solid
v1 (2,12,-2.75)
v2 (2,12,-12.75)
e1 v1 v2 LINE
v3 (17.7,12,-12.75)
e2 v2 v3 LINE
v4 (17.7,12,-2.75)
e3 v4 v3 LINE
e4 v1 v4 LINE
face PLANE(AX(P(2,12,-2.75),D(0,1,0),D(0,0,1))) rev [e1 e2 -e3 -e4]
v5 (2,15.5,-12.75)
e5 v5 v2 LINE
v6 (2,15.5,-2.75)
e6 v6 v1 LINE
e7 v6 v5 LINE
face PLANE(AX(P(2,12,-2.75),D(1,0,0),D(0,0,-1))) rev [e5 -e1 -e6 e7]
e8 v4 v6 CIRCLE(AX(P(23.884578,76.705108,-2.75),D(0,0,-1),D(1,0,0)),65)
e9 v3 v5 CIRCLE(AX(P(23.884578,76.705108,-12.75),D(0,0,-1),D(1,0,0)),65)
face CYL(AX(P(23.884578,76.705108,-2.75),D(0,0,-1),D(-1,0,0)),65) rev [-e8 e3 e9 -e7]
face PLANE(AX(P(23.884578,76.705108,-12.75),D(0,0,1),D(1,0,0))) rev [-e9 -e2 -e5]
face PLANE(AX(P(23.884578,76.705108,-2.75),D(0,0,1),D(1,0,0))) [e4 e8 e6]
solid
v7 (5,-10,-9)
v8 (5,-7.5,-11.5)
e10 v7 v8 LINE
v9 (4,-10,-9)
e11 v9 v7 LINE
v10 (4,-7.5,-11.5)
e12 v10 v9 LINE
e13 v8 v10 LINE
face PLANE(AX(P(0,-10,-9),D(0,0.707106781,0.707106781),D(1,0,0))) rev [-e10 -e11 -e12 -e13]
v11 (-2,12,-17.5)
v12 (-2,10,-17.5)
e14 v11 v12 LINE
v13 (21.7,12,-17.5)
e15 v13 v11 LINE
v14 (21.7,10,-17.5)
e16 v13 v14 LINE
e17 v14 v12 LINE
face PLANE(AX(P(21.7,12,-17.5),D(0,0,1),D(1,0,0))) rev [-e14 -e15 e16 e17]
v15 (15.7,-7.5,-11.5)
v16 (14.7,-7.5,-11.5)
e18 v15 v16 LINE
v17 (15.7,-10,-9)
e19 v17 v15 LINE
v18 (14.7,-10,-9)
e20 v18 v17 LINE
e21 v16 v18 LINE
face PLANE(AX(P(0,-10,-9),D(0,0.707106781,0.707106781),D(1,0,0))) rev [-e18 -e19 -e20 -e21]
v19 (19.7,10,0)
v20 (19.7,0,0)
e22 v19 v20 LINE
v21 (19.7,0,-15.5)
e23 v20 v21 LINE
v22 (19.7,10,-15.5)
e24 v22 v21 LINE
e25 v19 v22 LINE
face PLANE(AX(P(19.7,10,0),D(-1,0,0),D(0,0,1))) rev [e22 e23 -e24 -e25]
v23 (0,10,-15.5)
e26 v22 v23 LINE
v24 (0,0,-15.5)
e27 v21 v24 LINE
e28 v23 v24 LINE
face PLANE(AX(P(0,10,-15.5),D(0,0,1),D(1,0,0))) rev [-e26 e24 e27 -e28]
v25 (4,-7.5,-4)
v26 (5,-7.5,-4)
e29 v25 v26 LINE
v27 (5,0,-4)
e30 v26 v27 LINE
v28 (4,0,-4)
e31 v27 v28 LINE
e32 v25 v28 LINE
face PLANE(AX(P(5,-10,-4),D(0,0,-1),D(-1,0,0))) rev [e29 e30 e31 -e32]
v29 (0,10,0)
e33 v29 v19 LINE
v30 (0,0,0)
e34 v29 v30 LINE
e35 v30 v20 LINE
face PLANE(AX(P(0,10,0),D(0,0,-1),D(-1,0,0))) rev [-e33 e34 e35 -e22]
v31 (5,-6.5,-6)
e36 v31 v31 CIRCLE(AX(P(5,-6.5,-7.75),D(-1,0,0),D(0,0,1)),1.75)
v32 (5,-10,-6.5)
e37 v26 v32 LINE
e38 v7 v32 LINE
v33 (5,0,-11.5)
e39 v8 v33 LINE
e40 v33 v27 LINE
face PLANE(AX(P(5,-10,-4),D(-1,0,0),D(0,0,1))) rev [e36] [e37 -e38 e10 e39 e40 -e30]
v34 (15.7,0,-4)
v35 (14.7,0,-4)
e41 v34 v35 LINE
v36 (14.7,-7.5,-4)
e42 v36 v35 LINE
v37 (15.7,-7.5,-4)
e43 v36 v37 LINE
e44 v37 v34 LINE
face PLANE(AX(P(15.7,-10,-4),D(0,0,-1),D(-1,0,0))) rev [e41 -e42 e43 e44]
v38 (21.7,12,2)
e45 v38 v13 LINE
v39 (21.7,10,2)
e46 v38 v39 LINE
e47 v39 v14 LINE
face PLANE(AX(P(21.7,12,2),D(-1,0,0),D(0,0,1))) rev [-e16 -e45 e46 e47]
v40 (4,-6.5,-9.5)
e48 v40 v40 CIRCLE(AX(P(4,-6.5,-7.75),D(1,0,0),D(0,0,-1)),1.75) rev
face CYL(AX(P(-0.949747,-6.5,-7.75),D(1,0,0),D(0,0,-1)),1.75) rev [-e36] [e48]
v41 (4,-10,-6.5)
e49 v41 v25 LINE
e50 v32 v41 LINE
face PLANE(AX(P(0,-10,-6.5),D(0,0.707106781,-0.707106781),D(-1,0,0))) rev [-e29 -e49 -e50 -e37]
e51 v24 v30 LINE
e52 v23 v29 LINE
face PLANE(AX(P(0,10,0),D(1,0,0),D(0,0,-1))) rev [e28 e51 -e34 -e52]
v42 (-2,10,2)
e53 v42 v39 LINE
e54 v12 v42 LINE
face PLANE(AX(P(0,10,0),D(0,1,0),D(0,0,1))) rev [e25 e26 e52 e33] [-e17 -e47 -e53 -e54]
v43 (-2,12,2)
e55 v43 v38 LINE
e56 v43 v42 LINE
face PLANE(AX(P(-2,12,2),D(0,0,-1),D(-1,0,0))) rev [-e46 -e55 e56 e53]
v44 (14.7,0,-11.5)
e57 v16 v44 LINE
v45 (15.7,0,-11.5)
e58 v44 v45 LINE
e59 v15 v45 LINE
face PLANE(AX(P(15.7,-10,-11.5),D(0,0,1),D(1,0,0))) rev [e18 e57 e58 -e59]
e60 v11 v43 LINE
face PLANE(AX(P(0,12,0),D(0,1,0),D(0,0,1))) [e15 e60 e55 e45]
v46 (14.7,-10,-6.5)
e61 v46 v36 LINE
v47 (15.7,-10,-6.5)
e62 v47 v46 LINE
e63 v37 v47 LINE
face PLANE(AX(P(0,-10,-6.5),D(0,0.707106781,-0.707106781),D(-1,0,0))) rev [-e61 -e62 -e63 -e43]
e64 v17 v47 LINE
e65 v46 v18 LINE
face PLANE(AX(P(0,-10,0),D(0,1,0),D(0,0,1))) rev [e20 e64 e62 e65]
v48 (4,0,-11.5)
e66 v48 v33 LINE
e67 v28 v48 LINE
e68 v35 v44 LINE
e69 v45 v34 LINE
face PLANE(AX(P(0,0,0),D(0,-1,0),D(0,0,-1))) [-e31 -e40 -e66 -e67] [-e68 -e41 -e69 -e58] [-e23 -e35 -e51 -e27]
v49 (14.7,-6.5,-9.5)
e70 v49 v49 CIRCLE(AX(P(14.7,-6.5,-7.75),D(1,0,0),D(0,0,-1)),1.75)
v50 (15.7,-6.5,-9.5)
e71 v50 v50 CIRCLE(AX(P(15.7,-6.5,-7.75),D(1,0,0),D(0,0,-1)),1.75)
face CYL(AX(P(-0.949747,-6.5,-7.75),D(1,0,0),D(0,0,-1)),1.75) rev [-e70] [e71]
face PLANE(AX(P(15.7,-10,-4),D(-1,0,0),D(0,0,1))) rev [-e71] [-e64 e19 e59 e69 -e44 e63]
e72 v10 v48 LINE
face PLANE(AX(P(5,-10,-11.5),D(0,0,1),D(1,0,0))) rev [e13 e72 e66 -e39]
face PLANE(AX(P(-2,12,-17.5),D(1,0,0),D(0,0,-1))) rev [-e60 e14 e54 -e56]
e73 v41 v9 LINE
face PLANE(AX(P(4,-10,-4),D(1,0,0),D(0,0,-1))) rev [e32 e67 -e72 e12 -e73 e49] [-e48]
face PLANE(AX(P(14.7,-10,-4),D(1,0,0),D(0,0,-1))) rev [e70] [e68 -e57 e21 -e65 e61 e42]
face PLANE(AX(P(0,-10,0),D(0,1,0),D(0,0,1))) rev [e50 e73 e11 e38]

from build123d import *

# Parameters (mm, degrees)
CROQUIS1_W              = 19.7
CROQUIS1_H              = 15.5
SALIENTE_EXTRUIR1_DEPTH = 10
CROQUIS2_W              = 23.7
CROQUIS2_H              = 19.5
SALIENTE_EXTRUIR2_DEPTH = 2
SALIENTE_EXTRUIR3_DEPTH = 5
CROQUIS4_W              = 1
CROQUIS4_H              = 7.5
SALIENTE_EXTRUIR4_DEPTH = 10
CHAFL_N1_SIZE           = 2.5
CORTAR_EXTRUIR1_REACH   = 31.322
CROQUIS5_R              = 1.75


with BuildPart() as part:
    # Croquis1 → Saliente-Extruir1 (new body)
    with BuildSketch(Plane(origin=(0, 0, 0), x_dir=(1, 0, 0), z_dir=(0, 1, 0))):
        with Locations((9.85, 7.75)):
            Rectangle(CROQUIS1_W, CROQUIS1_H)
    extrude(amount=SALIENTE_EXTRUIR1_DEPTH)

    # Croquis2 → Saliente-Extruir2 (add)
    with BuildSketch(Plane(origin=(0, 10, 0), x_dir=(1, 0, 0), z_dir=(0, 1, 0))):
        with Locations((9.85, 7.75)):
            Rectangle(CROQUIS2_W, CROQUIS2_H)
    extrude(amount=SALIENTE_EXTRUIR2_DEPTH)

    # Croquis4 → Saliente-Extruir4 (add)
    with BuildSketch(Plane.XZ):
        with Locations((15.2, -7.75)):
            Rectangle(CROQUIS4_W, CROQUIS4_H)
        with Locations((4.5, -7.75)):
            Rectangle(CROQUIS4_W, CROQUIS4_H)
    extrude(amount=SALIENTE_EXTRUIR4_DEPTH)

    # Chaflán1
    chafl_n1_edges = [part.edges().sort_by_distance(p)[0] for p in [
        (15.2, -10, -11.5),
        (15.2, -10, -4),
        (4.5, -10, -11.5),
        (4.5, -10, -4),
    ]]
    chamfer(chafl_n1_edges, length=CHAFL_N1_SIZE)

    # Cortar-Extruir1: up to this face of the body (flat: up to its plane)
    cortar_extruir1_end = Plane(part.part.faces().sort_by_distance((4, -4.621212121, -7.75))[0])
    # Croquis5 → Cortar-Extruir1 (cut, up to the picked face)
    with BuildSketch(Plane(origin=(15.7, 0, 0), x_dir=(0, 0, -1), z_dir=(1, 0, 0)), mode=Mode.PRIVATE) as cortar_extruir1_sk1:
        with Locations((7.75, -6.5)):
            Circle(CROQUIS5_R)
    cortar_extruir1_tool1 = split(extrude(cortar_extruir1_sk1.sketch, amount=-CORTAR_EXTRUIR1_REACH, mode=Mode.PRIVATE), bisect_by=cortar_extruir1_end, keep=Keep.BOTH, mode=Mode.PRIVATE)
    add(cortar_extruir1_tool1.solids().sort_by(Axis((15.7, -6.5, -7.75), (-1, 0, 0)))[0], mode=Mode.SUBTRACT)


with BuildPart() as body_2:
    # Croquis3 → Saliente-Extruir3 (new, symmetric)
    with BuildSketch(Plane.XY.offset(-7.75)):
        with BuildLine():
            Line((2, 12), (2, 15.5))
            ThreePointArc((2, 15.5), (9.741315307, 13.262471521), (17.7, 12))
            Line((17.7, 12), (2, 12))
        make_face()
    extrude(amount=SALIENTE_EXTRUIR3_DEPTH, both=True)


solid = Compound([part.part, body_2.part])
